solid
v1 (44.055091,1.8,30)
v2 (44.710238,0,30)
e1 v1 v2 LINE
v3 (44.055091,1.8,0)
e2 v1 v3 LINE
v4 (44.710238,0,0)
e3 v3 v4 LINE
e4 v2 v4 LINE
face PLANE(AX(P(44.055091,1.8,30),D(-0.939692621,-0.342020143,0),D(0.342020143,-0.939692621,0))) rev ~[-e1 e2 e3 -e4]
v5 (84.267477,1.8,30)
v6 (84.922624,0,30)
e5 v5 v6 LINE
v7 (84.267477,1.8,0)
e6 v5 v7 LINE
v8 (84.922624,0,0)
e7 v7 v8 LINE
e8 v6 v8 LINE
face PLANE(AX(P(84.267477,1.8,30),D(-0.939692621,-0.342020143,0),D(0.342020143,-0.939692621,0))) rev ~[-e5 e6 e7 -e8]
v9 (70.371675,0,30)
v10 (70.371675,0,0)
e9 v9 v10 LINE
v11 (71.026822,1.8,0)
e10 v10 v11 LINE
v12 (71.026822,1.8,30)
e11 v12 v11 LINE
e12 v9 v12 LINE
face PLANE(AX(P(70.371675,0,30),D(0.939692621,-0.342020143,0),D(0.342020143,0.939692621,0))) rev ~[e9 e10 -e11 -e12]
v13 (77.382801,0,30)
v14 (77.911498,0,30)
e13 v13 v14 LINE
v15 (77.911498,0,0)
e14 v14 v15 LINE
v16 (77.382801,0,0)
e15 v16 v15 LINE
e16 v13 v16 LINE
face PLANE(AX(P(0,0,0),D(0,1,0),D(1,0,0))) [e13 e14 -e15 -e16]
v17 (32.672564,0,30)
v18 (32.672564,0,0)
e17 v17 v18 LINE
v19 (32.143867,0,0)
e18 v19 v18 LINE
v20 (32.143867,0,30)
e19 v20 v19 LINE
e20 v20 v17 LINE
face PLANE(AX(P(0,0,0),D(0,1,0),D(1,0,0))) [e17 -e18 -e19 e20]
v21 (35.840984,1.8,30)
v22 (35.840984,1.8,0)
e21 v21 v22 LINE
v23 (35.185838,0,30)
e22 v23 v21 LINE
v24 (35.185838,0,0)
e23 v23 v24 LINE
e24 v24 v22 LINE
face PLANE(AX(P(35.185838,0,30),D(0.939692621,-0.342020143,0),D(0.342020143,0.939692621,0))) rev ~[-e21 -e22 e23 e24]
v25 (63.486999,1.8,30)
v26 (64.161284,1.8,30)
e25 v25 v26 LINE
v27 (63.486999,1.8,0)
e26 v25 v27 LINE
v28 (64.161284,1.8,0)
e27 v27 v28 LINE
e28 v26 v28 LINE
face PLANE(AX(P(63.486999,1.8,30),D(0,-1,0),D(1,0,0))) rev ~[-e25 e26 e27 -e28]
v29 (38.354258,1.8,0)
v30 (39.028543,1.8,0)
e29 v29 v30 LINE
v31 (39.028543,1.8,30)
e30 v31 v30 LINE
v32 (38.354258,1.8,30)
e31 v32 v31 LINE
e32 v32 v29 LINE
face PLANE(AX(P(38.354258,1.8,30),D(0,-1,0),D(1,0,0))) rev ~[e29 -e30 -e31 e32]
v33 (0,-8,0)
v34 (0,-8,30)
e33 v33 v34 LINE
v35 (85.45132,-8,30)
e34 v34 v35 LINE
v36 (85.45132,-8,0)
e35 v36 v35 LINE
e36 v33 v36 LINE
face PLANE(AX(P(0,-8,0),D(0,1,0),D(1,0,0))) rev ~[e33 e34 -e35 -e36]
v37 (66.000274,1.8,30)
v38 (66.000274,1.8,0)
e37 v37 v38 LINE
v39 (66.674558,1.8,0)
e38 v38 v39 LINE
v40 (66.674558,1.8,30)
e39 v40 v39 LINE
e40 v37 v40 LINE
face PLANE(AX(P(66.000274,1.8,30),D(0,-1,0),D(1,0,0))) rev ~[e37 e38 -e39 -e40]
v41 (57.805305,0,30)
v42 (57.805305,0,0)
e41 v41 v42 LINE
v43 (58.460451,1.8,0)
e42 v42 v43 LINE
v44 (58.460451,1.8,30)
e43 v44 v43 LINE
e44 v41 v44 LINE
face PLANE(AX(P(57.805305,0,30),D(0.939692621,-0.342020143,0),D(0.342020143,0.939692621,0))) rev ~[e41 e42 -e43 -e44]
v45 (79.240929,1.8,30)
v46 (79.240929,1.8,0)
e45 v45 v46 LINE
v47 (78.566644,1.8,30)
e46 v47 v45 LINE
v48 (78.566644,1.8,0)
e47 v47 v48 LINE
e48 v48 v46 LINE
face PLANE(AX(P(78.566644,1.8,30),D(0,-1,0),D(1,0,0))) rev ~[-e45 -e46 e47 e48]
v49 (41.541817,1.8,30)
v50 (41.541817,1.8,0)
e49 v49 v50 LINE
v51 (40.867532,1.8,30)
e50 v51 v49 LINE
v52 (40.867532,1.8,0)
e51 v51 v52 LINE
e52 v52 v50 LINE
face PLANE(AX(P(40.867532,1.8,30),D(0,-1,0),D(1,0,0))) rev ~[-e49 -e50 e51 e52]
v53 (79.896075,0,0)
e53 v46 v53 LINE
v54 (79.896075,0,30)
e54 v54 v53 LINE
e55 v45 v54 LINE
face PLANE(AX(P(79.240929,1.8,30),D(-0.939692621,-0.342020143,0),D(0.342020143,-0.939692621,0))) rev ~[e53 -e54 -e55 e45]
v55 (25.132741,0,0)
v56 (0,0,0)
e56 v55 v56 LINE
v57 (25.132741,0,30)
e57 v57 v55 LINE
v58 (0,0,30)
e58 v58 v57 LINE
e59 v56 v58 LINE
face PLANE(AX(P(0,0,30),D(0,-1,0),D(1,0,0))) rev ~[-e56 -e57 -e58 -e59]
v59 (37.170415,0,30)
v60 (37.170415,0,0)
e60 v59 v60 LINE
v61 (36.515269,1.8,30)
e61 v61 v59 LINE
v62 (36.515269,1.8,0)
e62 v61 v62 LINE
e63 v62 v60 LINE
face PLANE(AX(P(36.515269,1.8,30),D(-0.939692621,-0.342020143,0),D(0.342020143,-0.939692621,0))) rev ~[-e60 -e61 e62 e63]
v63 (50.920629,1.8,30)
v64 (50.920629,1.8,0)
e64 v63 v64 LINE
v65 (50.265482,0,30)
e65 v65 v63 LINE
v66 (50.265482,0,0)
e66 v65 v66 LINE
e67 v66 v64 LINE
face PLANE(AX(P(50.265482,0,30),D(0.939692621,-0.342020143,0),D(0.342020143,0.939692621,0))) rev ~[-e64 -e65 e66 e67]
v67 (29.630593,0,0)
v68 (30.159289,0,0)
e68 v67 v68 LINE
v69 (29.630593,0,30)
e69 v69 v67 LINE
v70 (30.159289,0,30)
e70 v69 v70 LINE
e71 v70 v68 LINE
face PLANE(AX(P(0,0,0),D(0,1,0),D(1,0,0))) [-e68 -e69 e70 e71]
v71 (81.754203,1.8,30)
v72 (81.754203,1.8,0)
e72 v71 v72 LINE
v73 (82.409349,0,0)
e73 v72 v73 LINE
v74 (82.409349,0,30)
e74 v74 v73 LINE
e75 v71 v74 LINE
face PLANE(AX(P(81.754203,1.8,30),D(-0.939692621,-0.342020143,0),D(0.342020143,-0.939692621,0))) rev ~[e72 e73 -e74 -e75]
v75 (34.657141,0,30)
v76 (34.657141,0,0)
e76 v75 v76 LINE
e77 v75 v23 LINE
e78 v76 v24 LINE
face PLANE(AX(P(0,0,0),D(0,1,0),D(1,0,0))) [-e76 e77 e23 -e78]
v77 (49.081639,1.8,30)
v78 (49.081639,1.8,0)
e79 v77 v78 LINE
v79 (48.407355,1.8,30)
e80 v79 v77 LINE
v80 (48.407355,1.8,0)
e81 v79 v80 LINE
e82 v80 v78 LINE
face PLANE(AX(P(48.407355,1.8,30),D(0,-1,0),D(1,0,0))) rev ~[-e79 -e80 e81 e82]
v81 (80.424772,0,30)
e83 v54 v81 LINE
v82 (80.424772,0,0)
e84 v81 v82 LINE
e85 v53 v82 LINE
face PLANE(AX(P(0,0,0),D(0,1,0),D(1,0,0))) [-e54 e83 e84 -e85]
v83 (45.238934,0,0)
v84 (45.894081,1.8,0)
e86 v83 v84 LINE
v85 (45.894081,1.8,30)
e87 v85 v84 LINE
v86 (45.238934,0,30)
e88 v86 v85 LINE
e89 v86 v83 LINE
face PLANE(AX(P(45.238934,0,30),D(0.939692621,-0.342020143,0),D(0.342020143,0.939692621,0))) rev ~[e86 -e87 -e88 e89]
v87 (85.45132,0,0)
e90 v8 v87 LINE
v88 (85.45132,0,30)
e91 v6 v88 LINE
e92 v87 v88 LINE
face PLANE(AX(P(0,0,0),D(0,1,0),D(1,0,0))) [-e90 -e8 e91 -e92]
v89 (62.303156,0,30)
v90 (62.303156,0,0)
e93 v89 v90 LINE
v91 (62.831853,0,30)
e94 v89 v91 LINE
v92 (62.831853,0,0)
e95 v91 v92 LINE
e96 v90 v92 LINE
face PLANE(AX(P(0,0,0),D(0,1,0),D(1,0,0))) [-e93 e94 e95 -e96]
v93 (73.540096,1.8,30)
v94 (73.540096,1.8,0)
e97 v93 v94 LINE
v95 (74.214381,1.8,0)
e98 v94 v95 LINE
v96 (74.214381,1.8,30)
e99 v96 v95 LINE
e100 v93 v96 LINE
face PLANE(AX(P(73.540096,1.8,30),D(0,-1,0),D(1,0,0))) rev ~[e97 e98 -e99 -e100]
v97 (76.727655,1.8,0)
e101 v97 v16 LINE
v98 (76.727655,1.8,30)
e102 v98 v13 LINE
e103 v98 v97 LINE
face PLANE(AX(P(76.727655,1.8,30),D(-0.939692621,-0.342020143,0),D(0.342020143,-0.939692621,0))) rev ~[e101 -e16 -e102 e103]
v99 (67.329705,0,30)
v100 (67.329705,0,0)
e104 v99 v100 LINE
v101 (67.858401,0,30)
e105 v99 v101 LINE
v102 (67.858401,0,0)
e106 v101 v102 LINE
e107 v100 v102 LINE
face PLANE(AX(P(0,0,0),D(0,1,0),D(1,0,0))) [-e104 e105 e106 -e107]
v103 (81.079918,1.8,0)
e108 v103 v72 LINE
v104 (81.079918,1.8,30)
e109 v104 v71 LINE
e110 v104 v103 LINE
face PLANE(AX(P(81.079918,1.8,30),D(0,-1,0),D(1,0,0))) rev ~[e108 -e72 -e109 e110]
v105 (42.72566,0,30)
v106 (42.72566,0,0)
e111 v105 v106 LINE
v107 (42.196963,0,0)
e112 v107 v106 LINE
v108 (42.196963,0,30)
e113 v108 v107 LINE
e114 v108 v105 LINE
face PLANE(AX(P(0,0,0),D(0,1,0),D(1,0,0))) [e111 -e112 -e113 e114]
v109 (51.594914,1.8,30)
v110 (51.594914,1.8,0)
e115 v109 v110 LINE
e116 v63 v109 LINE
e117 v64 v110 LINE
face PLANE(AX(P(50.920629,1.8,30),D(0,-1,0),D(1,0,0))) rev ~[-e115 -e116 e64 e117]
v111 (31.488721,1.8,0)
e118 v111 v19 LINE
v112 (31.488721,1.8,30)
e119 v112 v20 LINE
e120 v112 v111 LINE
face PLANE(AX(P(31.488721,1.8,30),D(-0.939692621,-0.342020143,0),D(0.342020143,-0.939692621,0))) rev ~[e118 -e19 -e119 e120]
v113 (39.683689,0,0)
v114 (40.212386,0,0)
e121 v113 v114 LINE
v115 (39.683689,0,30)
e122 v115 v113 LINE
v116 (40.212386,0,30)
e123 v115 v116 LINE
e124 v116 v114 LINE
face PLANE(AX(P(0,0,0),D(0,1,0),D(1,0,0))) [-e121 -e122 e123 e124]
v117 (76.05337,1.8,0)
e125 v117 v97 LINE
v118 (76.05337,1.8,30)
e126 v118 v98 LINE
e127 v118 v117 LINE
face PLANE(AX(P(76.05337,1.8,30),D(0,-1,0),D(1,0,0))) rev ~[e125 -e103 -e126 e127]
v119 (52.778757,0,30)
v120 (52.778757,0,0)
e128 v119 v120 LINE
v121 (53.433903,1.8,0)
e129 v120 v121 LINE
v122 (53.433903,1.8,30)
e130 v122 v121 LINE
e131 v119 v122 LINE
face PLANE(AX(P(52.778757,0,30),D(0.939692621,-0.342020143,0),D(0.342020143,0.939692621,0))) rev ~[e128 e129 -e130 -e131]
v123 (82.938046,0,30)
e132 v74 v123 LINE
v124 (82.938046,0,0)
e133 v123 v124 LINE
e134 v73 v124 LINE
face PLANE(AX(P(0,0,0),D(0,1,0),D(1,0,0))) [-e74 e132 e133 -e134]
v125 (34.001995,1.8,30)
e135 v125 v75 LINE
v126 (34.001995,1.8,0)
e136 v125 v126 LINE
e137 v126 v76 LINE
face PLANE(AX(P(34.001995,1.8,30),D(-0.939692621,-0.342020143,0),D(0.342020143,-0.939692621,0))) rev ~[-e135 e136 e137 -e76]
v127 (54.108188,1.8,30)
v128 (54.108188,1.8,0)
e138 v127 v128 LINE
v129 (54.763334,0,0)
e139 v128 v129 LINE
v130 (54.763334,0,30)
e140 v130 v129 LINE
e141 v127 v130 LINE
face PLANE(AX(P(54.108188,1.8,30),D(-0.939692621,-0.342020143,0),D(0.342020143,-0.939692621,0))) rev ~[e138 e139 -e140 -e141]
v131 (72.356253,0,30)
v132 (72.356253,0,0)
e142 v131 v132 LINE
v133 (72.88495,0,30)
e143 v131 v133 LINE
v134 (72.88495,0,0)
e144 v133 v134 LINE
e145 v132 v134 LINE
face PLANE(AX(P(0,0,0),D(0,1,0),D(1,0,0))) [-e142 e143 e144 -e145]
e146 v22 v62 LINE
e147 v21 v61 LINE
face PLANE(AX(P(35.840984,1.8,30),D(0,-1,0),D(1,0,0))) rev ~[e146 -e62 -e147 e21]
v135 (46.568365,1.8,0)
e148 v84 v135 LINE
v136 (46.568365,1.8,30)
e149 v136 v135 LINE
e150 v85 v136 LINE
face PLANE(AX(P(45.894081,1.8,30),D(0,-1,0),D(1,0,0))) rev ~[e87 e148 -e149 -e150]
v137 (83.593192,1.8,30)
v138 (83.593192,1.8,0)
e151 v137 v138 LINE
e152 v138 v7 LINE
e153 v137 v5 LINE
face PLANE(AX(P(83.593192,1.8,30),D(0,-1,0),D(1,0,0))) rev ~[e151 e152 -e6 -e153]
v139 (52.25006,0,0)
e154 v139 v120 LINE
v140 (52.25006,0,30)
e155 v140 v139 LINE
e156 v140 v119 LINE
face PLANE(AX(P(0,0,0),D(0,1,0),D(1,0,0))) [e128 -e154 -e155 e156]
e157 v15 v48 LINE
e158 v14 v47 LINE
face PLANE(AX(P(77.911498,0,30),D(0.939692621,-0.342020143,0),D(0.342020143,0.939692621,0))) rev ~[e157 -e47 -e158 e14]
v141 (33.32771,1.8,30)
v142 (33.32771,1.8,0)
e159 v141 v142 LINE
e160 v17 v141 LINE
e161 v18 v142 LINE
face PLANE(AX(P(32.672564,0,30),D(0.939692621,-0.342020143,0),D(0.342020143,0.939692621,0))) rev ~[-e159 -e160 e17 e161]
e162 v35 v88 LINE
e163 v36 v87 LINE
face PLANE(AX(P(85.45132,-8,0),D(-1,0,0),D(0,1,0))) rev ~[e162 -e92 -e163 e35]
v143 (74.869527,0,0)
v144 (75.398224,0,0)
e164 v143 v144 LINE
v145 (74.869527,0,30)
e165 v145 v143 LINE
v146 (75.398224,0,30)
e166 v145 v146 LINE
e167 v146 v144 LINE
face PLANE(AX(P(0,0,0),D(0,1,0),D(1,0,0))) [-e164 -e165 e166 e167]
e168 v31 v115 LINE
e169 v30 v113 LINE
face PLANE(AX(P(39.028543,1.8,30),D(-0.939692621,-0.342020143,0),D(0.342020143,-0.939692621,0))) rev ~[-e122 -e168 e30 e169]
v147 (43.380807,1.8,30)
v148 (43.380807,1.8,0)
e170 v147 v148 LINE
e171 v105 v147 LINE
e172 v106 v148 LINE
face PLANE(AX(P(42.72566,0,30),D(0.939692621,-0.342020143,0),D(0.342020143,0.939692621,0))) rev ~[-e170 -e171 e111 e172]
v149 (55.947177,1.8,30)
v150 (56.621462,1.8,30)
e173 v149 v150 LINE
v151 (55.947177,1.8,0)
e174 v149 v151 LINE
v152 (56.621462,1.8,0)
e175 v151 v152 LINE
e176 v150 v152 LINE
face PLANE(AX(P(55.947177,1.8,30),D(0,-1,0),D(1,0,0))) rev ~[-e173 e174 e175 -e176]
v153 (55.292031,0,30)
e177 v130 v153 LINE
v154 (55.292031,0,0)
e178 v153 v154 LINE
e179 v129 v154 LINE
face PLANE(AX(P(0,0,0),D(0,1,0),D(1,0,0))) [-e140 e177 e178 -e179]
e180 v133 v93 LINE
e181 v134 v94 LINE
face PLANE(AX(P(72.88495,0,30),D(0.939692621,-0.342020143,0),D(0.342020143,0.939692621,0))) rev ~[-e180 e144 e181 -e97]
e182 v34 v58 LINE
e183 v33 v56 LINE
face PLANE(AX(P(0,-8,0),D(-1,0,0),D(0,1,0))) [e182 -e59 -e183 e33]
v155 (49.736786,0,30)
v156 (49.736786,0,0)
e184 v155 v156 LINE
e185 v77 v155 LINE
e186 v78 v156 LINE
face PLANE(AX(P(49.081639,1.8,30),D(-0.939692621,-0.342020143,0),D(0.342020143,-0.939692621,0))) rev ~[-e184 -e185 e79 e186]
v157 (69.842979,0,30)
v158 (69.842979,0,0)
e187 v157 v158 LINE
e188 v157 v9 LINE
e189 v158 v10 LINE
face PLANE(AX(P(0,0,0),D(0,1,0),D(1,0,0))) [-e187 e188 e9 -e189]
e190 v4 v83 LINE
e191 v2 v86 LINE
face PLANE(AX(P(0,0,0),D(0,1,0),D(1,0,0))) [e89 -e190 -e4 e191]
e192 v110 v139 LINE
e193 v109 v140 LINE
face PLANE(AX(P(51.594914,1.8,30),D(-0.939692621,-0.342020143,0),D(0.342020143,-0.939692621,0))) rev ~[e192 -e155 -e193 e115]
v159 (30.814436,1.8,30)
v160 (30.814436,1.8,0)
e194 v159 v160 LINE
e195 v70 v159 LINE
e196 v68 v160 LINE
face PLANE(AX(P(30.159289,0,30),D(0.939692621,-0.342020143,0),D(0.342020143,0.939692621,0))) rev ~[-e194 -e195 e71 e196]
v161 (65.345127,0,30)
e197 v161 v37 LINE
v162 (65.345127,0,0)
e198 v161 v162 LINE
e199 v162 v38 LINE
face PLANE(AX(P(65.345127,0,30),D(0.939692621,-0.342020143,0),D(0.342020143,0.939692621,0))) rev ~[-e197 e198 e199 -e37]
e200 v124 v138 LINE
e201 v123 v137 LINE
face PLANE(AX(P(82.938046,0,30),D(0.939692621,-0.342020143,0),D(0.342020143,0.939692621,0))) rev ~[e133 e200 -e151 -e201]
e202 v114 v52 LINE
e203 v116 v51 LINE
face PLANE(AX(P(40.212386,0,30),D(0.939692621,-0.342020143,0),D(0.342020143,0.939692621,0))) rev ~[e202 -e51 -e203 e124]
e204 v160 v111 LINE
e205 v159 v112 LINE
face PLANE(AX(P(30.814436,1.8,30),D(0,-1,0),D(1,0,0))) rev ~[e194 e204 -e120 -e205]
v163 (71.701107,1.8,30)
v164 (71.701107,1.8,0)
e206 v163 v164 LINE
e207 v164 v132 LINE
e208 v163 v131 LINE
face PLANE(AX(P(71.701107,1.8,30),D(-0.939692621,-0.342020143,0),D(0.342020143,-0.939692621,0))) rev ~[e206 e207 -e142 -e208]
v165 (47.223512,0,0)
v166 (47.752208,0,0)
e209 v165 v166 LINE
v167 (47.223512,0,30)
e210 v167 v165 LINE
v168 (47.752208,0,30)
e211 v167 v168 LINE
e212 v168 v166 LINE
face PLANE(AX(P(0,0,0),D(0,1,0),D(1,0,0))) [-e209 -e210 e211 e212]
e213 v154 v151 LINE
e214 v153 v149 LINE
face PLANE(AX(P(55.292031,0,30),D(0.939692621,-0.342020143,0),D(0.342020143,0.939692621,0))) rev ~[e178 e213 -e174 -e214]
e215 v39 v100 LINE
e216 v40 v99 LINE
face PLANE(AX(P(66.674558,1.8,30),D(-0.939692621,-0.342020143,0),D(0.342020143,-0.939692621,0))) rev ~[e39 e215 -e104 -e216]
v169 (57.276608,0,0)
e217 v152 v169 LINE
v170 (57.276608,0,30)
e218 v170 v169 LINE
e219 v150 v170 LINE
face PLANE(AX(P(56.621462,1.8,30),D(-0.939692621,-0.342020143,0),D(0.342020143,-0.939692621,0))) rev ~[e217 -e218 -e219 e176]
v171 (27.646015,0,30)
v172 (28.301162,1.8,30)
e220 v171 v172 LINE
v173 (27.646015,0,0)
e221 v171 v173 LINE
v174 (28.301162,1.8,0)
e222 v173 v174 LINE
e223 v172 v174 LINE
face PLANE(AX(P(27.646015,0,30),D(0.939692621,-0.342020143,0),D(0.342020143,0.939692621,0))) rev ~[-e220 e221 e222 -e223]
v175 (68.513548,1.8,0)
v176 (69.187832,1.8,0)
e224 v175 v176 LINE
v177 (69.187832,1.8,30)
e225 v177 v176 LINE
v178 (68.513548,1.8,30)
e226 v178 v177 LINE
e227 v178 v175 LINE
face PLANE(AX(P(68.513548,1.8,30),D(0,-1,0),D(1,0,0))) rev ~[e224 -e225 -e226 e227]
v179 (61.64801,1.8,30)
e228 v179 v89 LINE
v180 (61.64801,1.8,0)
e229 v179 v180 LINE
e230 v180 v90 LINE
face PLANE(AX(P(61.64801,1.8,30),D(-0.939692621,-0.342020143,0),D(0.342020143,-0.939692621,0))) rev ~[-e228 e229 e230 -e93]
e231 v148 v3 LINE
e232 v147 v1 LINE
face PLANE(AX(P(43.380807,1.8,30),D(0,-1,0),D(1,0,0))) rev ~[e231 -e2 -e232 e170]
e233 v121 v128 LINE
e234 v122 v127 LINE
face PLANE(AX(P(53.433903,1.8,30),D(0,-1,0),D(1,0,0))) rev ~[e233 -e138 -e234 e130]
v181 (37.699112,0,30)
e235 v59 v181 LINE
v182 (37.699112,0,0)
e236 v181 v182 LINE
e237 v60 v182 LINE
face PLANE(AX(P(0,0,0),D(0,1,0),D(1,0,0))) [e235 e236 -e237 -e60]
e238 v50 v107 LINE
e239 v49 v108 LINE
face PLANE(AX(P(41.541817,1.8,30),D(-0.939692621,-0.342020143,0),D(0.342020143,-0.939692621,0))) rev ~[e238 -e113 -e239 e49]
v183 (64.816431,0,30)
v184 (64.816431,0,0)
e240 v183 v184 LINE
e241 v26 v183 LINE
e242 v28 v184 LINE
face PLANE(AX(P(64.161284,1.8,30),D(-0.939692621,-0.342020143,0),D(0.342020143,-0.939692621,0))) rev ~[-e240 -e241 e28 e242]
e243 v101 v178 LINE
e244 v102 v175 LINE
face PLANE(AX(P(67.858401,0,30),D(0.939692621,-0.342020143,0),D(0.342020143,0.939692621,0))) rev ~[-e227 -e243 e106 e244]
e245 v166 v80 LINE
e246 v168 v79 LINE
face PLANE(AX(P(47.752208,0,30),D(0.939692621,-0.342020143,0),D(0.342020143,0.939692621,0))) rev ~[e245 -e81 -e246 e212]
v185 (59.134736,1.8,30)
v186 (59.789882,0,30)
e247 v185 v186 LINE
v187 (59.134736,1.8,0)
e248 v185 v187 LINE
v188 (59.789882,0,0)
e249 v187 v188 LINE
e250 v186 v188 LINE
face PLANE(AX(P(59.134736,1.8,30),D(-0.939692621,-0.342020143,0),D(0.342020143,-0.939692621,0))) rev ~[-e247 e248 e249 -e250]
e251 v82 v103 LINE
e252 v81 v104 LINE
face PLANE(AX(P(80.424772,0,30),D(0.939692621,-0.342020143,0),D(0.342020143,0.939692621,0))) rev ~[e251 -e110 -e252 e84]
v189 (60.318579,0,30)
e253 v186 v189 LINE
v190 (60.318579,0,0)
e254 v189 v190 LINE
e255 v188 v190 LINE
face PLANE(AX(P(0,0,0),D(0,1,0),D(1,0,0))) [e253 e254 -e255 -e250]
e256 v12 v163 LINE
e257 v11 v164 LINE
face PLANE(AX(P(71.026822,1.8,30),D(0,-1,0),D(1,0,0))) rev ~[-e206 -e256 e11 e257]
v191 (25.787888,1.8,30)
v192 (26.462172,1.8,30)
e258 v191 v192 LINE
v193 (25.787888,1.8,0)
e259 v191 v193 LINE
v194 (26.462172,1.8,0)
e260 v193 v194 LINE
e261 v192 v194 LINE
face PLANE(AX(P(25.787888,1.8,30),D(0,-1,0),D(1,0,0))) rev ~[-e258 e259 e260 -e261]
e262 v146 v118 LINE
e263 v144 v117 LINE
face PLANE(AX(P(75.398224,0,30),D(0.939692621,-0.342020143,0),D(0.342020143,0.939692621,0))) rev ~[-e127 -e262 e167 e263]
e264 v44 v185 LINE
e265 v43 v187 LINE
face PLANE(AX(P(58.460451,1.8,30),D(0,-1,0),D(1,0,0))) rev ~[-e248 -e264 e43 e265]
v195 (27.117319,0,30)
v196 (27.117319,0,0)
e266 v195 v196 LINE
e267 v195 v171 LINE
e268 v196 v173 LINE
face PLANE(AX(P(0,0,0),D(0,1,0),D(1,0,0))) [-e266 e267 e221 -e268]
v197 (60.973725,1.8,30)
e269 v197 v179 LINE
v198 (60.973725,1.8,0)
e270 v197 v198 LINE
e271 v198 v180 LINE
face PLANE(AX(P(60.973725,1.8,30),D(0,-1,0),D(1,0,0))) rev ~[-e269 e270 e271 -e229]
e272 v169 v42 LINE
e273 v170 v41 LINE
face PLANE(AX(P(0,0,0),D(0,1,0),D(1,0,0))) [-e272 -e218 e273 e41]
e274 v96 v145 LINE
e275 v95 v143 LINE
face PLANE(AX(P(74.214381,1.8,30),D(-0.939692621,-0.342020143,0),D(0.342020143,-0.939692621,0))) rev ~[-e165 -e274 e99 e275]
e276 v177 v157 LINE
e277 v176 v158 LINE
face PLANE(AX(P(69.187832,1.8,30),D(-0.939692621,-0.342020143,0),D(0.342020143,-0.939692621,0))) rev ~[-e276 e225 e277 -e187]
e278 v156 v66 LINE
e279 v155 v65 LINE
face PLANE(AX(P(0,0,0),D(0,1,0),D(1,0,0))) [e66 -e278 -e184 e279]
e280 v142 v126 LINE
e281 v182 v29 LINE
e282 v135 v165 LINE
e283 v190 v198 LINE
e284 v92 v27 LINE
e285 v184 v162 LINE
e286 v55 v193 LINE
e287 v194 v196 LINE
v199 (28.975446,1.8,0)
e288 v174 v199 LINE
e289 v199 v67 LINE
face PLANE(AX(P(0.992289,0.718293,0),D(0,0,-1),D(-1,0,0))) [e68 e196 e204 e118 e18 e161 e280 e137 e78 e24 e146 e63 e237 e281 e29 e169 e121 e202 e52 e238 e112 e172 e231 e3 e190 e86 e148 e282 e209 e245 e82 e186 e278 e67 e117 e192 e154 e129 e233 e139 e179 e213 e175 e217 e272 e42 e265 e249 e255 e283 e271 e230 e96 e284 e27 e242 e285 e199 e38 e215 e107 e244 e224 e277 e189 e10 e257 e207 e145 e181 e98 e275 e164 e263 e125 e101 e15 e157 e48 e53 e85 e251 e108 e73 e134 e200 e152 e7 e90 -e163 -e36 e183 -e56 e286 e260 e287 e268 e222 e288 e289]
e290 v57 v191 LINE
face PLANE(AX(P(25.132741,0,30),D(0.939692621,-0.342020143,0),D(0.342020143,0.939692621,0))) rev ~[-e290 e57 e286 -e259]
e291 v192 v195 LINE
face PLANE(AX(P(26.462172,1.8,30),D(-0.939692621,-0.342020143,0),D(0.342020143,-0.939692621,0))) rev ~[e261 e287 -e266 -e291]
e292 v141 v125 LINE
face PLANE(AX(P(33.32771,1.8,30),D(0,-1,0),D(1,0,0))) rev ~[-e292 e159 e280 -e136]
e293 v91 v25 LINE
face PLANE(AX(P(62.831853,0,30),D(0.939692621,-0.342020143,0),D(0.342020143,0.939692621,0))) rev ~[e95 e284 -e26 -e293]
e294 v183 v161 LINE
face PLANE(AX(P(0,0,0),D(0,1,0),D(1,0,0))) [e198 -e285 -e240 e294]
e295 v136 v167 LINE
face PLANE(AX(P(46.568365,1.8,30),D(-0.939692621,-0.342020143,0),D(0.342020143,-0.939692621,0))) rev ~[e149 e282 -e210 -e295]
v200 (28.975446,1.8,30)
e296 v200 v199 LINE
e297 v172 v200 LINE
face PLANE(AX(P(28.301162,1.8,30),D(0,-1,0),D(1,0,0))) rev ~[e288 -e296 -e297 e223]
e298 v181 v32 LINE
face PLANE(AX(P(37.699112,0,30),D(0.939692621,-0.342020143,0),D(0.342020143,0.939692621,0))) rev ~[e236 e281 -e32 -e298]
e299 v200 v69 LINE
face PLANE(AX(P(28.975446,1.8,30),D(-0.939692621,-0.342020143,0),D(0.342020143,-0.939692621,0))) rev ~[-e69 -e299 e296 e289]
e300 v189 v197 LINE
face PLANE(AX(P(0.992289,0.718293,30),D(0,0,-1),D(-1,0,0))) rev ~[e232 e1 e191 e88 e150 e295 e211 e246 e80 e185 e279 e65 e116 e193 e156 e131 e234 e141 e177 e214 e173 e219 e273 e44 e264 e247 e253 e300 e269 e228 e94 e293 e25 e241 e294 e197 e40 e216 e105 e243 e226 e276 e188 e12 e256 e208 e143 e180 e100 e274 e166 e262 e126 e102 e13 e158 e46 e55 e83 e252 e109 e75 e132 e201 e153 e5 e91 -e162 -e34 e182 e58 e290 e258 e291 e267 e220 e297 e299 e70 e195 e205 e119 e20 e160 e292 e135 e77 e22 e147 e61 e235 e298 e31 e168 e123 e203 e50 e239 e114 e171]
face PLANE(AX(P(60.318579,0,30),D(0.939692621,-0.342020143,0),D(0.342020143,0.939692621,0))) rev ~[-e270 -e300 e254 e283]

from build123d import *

# Parameters (mm, degrees)
SKETCH1_W           = 85.451320178
SKETCH1_H           = 8
EXTRUDE1_DEPTH      = 30
EXTRUDE2_DEPTH      = 30
LPATTERN1_COUNT     = 34
LPATTERN1_PITCH     = 2.513274123
SKETCH_1_W          = 24.951320178
SKETCH_1_H          = 8.70222752
CUT_EXTRUDE_1_DEPTH = 40


with BuildPart() as part:
    # Sketch1 → Extrude1 (new body)
    with BuildSketch(Plane.XY):
        with Locations((42.725660089, -4)):
            Rectangle(SKETCH1_W, SKETCH1_H)
    extrude(amount=EXTRUDE1_DEPTH)

    # Sketch2 → Extrude2 (add)
    with BuildSketch(Plane.XY.offset(30)):
        Polygon((0, 0), (0.655146422, 1.8), (1.329431108, 1.8), (1.98457753, 0), align=None)
    extrude2 = extrude(amount=-EXTRUDE2_DEPTH)

    # LPattern1: Extrude2 ×34
    with Locations(*[(i * LPATTERN1_PITCH, 0, 0) for i in range(1, LPATTERN1_COUNT)]):
        add(extrude2)

    # 草图1 → 切除-拉伸1 (cut)
    with BuildSketch(Plane.XY.offset(30)):
        with Locations((12.475660089, 4.35111376)):
            Rectangle(SKETCH_1_W, SKETCH_1_H)
    extrude(amount=-CUT_EXTRUDE_1_DEPTH, mode=Mode.SUBTRACT)


solid = part.part
